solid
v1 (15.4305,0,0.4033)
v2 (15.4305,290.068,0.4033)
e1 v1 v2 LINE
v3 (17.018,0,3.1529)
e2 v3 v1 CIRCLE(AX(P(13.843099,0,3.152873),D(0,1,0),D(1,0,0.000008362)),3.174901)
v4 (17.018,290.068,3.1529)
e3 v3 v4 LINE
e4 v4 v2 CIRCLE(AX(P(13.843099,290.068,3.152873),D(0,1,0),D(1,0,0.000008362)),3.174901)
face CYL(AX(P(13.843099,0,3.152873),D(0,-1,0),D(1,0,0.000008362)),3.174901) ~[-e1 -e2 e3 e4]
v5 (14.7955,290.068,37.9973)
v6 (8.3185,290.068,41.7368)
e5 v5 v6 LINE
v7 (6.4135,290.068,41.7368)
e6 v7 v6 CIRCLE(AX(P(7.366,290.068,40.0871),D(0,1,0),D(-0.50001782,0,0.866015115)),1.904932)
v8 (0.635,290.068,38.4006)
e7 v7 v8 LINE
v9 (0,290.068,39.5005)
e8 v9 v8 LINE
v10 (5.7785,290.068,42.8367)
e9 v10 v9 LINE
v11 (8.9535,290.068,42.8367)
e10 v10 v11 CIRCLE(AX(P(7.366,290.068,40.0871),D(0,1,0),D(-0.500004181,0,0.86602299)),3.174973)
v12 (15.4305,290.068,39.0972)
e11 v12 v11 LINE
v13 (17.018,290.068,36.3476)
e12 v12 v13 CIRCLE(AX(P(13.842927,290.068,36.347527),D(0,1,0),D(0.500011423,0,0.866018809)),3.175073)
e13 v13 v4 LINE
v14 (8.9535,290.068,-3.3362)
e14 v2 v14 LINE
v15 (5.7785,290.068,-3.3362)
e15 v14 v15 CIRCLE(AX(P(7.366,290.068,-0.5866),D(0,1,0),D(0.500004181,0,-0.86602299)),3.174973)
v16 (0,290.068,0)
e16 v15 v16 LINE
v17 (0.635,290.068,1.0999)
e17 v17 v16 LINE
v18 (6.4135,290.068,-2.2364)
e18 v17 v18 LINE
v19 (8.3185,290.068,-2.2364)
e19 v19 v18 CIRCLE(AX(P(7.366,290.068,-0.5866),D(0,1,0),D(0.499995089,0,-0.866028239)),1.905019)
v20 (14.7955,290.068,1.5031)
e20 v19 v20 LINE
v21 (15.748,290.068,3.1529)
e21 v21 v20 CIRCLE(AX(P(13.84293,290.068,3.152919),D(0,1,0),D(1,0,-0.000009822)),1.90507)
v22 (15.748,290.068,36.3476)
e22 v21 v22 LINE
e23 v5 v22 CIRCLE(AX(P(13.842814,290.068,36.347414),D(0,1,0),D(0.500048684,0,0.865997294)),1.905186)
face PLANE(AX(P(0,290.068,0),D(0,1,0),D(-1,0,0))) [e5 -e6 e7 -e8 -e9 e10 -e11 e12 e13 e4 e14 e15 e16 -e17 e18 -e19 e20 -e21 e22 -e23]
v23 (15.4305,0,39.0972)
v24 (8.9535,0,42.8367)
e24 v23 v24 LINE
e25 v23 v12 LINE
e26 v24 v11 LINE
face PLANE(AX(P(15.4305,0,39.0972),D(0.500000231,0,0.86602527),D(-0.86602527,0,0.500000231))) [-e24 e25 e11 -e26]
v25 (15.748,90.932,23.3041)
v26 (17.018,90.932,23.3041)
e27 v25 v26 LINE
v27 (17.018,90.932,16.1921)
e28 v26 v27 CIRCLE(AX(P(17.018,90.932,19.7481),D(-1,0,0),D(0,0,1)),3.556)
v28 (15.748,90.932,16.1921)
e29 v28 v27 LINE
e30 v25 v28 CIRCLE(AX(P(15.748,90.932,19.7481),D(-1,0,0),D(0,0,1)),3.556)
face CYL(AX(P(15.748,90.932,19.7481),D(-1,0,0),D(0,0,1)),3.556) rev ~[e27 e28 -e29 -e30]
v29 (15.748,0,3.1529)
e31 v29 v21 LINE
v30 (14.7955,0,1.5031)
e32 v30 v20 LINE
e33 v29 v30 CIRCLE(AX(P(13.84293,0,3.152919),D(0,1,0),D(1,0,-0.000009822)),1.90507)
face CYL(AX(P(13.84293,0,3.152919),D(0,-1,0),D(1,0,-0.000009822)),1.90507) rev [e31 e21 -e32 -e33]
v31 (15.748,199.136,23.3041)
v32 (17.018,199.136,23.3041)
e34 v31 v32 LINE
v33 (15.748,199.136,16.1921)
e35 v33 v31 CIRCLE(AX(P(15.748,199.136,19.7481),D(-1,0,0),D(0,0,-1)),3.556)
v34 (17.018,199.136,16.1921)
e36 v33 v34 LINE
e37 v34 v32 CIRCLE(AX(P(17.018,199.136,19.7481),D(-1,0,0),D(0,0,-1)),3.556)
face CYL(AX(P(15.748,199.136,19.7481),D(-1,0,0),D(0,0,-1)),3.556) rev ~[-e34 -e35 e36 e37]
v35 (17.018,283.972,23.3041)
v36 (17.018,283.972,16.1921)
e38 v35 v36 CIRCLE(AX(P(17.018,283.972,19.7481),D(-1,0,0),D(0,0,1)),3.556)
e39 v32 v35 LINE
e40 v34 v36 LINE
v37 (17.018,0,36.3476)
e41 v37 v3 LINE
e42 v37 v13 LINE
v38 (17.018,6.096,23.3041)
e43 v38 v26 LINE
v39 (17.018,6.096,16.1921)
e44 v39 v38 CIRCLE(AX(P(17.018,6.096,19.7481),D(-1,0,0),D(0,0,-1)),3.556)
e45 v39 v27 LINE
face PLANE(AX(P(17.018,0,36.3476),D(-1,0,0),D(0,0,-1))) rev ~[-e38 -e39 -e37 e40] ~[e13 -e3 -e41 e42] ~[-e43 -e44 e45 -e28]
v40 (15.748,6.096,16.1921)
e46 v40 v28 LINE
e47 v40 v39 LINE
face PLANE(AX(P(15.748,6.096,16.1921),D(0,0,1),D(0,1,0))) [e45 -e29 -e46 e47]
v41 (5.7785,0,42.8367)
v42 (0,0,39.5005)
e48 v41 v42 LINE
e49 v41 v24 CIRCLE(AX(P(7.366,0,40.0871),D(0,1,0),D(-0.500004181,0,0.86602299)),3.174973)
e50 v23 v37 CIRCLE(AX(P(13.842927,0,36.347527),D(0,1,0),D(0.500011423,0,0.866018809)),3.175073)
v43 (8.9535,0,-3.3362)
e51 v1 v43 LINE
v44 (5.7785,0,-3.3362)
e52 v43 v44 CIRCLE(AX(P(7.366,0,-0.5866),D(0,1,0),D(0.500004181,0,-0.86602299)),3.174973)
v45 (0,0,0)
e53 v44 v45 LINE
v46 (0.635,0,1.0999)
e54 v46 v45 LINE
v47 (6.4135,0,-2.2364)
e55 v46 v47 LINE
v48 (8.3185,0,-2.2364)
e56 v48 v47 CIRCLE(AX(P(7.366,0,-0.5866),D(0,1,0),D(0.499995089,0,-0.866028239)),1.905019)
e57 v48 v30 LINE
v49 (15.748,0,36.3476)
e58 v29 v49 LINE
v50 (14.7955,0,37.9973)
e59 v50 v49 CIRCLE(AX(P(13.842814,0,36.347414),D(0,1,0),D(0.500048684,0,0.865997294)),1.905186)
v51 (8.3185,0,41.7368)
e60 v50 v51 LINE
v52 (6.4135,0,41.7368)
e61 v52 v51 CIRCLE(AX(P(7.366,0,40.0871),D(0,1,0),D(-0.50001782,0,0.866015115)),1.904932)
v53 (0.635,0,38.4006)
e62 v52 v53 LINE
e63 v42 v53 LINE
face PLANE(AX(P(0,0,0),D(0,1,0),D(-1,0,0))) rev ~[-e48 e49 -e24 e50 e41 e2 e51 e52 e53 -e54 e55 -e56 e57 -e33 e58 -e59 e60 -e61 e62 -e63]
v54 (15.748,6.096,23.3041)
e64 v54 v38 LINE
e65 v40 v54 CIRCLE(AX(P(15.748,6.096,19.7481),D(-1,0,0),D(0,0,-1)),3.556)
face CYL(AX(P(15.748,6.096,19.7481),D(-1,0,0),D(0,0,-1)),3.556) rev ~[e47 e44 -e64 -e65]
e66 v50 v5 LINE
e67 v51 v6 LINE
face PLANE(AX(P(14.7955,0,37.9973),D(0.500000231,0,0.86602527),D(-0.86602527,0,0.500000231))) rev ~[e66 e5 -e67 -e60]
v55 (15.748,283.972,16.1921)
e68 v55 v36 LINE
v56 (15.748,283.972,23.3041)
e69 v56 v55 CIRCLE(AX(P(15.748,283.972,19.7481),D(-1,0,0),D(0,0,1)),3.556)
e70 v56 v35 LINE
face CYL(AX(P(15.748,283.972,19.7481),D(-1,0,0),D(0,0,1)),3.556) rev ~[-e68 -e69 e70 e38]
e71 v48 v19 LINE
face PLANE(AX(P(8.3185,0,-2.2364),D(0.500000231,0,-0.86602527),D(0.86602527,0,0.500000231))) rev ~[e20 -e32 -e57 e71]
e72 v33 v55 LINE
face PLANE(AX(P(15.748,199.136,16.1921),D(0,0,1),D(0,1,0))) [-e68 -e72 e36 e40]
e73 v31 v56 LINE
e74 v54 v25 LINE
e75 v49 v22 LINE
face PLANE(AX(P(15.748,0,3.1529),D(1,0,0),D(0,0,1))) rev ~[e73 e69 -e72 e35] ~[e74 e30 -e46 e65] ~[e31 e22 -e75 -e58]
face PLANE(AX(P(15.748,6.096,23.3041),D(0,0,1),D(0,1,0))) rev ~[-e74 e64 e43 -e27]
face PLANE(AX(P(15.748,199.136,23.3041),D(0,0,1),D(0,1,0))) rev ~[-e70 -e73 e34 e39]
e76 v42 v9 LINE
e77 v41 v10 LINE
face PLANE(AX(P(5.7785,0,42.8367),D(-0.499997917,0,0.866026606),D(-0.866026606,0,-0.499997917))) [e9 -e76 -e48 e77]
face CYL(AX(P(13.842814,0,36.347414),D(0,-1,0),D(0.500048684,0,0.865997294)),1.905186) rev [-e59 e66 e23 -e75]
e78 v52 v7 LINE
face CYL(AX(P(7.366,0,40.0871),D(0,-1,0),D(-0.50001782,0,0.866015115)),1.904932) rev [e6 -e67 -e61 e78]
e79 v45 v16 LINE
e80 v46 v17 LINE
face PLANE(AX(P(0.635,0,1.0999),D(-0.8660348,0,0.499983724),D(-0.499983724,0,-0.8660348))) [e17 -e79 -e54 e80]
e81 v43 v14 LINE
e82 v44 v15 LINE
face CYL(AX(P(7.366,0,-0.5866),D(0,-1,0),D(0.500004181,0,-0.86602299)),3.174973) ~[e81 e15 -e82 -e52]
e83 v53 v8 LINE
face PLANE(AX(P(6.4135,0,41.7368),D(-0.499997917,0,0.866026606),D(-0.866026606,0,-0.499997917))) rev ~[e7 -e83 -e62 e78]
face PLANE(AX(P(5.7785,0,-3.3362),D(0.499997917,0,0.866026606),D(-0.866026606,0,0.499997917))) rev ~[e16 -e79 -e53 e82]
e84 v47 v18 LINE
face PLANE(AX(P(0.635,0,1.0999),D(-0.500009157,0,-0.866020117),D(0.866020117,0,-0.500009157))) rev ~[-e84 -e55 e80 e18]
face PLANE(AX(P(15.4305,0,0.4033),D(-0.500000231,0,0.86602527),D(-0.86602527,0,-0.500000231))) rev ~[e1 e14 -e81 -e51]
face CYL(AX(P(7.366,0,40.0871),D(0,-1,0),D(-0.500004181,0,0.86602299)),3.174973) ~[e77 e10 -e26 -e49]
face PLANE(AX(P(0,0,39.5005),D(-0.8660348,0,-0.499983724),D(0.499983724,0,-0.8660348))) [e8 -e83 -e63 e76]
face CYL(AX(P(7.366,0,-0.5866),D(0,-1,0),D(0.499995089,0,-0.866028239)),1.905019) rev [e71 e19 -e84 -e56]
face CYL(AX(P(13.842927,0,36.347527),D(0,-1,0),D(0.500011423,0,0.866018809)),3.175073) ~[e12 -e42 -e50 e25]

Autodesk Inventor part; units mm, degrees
ref_plane "YZ Plane" through (0, 0, 0) normal (1, 0, 0) x (0, 1, 0)
ref_plane "XZ Plane" through (0, 0, 0) normal (0, 1, 0) x (-1, 0, 0)
ref_plane "XY Plane" through (0, 0, 0) normal (0, 0, 1) x (1, 0, 0)
sketch "Sketch1" plane through (0, 0, 0) normal (0, 1, 0) x (-1, 0, 0)
  line L0 (-17.018, 36.3476) -> (-17.018, 3.1529)
  line L1 (-15.4305, 0.4033) -> (-8.9535, -3.3362)
  line L2 (-5.7785, -3.3362) -> (0, 0)
  line L3 (-15.4305, 39.0972) -> (-8.9535, 42.8367)
  line L4 (-5.7785, 42.8367) -> (0, 39.5005)
  arc A0 (-15.4305, 39.0972) -> (-17.018, 36.3476) centre (-13.843, 36.3476) ccw
  arc A1 (-5.7785, 42.8367) -> (-8.9535, 42.8367) centre (-7.366, 40.0871) ccw
  arc A2 (-8.9535, -3.3362) -> (-5.7785, -3.3362) centre (-7.366, -0.5866) ccw
  arc A3 (-17.018, 3.1529) -> (-15.4305, 0.4033) centre (-13.843, 3.1529) ccw
  line L5 (-0.635, 1.0999) -> (-6.4135, -2.2364)
  arc A4 (-8.3185, -2.2364) -> (-6.4135, -2.2364) centre (-7.366, -0.5866) ccw
  line L6 (-8.3185, -2.2364) -> (-14.7955, 1.5031)
  arc A5 (-15.748, 3.1529) -> (-14.7955, 1.5031) centre (-13.843, 3.1529) ccw
  line L7 (-15.748, 3.1529) -> (-15.748, 36.3476)
  arc A6 (-14.7955, 37.9973) -> (-15.748, 36.3476) centre (-13.843, 36.3476) ccw
  line L8 (-14.7955, 37.9973) -> (-8.3185, 41.7368)
  arc A7 (-6.4135, 41.7368) -> (-8.3185, 41.7368) centre (-7.366, 40.0871) ccw
  line L9 (-6.4135, 41.7368) -> (-0.635, 38.4006)
  line L10 (0, 39.5005) -> (-0.635, 38.4006)
  line L11 (-0.635, 1.0999) -> (0, 0)
  point P0 (-17.018, 38.1807)
  point P1 (-17.018, 1.3198)
  point P2 (-7.366, -4.2528)
  point P3 (-7.366, 43.7532)
  dimension "d2" = 48.006
  dimension "d3" = 17.018
  dimension "d4" = 17.018
  dimension "d5" = 120
  dimension "d6" = 120
  dimension "d7" = 120
  dimension "d8" = 120
  dimension "d9" = 9.652
  dimension "d10" = 9.652
  dimension "d11" = 3.175
  dimension "d12" = 1.27
extrude "Extrusion1" add sketch "Sketch1" along normal blind 290.068
sketch "Sketch2" plane through (15.748, 0, 3.1529) normal (-1, 0, 0) x (0, 0, 1)
  line L0 (13.0392, 6.096) -> (13.0392, 90.932)
  line L1 (20.1512, 6.096) -> (20.1512, 90.932)
  arc A0 (20.1512, 90.932) -> (13.0392, 90.932) centre (16.5952, 90.932) ccw
  arc A1 (13.0392, 6.096) -> (20.1512, 6.096) centre (16.5952, 6.096) ccw
  line L2 (13.0392, 199.136) -> (13.0392, 283.972)
  line L3 (20.1512, 199.136) -> (20.1512, 283.972)
  arc A2 (20.1512, 283.972) -> (13.0392, 283.972) centre (16.5952, 283.972) ccw
  arc A3 (13.0392, 199.136) -> (20.1512, 199.136) centre (16.5952, 199.136) ccw
  line L4 (0, 0) -> (33.1947, 0) projected
  line L5 (39.6838, 0) -> (39.6838, 290.068) projected
  point P0 (-3.1529, 0)
  point P1 (16.5952, 94.488)
  point P2 (16.5952, 2.54)
  point P3 (16.5952, 94.488)
  point P4 (16.5952, 195.58)
  point P5 (16.5952, 287.528)
  dimension "d16" = 101.092
  dimension "d17" = 91.948
  dimension "d18" = 91.948
  dimension "d19" = 2.54
  dimension "d20" = 23.0886
  dimension "d21" = 23.0886
  dimension "d22" = 7.112
  dimension "d23" = 7.112
extrude "Extrusion2" cut sketch "Sketch2" against normal through all
properties part number "PoleBracket"
